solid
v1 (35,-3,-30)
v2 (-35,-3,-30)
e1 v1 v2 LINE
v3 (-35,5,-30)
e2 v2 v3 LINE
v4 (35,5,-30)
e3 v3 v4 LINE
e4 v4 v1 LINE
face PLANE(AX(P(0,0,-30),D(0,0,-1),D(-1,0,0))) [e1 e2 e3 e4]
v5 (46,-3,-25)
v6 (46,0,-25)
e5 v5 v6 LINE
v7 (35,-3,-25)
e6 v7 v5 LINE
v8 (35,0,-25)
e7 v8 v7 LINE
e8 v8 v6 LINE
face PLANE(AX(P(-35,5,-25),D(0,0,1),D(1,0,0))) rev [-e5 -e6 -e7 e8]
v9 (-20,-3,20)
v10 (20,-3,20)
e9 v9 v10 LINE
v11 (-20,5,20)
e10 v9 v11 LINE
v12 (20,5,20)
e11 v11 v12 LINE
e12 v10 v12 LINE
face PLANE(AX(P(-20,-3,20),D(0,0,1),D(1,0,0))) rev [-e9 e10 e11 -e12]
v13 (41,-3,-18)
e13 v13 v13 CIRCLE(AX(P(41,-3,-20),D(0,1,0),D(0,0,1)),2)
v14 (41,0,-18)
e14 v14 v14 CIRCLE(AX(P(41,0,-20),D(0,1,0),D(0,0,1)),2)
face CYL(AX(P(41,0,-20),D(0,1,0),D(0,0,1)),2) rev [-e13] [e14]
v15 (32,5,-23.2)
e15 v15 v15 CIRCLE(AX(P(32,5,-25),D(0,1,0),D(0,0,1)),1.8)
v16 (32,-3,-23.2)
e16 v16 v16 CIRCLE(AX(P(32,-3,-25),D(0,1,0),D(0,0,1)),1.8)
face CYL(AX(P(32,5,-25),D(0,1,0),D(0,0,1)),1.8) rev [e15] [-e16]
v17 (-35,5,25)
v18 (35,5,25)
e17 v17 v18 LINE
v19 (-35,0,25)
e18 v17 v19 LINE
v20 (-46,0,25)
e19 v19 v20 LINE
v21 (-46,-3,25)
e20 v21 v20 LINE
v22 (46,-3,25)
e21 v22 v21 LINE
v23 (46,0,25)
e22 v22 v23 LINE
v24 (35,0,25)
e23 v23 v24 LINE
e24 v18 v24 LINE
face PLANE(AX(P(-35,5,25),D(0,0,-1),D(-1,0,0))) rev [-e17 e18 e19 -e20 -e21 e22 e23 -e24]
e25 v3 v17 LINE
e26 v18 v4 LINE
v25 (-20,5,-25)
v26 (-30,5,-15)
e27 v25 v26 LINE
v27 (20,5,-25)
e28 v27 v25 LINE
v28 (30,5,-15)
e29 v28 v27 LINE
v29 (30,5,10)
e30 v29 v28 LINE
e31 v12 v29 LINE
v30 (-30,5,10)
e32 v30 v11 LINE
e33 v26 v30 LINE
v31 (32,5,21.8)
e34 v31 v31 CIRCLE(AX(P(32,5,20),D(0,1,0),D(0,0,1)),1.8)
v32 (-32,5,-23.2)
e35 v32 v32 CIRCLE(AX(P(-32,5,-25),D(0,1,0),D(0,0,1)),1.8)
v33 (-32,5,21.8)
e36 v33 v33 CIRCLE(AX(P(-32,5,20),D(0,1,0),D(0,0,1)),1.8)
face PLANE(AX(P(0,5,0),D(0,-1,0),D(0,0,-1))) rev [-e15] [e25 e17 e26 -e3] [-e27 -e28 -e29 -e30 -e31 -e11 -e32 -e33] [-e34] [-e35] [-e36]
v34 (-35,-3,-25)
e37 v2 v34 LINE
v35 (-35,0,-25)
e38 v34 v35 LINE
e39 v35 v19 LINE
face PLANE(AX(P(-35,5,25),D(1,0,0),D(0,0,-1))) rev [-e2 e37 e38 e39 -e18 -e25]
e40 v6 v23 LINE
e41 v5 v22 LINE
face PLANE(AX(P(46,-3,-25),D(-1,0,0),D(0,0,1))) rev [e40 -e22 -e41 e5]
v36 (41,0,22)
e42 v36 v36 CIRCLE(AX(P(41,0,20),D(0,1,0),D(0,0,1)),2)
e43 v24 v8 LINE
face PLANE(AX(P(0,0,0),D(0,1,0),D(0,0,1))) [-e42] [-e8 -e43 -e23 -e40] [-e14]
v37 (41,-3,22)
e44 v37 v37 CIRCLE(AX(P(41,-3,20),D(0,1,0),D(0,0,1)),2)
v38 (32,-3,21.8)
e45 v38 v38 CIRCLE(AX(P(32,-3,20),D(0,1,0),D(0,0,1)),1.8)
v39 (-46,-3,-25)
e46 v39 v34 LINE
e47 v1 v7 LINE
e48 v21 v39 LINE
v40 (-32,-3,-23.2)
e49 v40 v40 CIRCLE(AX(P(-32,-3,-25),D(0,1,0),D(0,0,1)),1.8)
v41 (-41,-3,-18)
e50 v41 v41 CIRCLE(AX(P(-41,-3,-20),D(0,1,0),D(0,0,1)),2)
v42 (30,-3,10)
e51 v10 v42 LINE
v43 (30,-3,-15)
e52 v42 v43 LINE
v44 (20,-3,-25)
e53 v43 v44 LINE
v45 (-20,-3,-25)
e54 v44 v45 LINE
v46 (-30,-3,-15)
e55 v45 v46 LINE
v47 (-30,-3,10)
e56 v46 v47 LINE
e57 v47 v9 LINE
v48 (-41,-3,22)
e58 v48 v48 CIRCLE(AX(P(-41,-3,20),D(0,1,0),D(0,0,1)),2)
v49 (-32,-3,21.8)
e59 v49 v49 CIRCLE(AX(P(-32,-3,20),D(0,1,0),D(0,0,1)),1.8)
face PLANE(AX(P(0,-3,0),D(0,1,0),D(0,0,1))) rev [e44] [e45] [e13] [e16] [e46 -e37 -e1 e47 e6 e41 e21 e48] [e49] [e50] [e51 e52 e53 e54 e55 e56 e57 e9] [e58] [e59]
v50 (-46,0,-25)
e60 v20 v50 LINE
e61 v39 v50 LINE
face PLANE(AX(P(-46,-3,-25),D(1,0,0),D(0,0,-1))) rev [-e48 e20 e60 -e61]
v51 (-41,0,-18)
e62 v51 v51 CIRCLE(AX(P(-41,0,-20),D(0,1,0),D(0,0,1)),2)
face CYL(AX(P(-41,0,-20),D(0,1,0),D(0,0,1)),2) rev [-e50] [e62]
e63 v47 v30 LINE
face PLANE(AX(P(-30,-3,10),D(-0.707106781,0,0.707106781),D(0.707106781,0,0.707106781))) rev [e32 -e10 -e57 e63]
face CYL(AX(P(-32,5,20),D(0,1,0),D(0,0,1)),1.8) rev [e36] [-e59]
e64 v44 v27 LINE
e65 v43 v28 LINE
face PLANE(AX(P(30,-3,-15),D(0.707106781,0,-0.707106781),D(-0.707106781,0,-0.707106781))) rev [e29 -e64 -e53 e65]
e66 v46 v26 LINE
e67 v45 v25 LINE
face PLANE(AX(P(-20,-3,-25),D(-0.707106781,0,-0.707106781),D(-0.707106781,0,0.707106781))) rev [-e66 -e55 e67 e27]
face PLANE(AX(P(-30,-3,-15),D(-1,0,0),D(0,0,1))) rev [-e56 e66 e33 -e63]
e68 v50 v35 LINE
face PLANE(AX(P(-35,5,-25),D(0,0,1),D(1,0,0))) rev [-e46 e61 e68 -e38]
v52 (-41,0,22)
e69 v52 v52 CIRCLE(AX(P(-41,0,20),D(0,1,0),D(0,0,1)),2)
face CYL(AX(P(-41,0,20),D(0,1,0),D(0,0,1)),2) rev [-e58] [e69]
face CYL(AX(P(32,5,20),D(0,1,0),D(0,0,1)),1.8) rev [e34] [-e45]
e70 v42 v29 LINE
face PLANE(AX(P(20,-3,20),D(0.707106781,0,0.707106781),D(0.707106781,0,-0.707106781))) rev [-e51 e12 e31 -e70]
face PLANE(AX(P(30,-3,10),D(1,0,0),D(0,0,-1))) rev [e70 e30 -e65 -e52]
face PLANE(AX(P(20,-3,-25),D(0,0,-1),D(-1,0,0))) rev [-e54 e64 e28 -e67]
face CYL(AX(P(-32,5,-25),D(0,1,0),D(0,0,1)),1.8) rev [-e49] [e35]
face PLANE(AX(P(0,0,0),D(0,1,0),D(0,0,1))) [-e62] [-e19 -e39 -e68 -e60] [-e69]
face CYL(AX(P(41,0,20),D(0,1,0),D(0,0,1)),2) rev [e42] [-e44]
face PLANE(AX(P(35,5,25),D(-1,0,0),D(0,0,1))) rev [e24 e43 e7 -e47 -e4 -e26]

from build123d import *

# Parameters (mm, degrees)
SKETCH1_W                = 70
SKETCH1_H                = 50
BOSS_EXTRUDE1_DEPTH      = 5
SKETCH2_W                = 92
SKETCH2_H                = 50
BOSS_EXTRUDE2_DEPTH      = 3
M3_CLEARANCE_HOLE1_D     = 4
M3_CLEARANCE_HOLE1_DEPTH = 10
M3_CLEARANCE_HOLE1_TIP   = 1.201721238
SKETCH9_W                = 70
SKETCH9_H                = 8
BOSS_EXTRUDE3_DEPTH      = 5
M3_CLEARANCE_HOLE3_D     = 3.6
M3_CLEARANCE_HOLE3_DEPTH = 10
M3_CLEARANCE_HOLE3_TIP   = 1.081549114
CUT_EXTRUDE1_DEPTH       = 56.497747702


with BuildPart() as part:
    # Sketch1 → Boss-Extrude1 (new body)
    with BuildSketch(Plane(origin=(0, 0, 0), x_dir=(1, 0, 0), z_dir=(0, 1, 0))):
        Rectangle(SKETCH1_W, SKETCH1_H)
    extrude(amount=BOSS_EXTRUDE1_DEPTH)

    # Sketch2 → Boss-Extrude2 (add)
    with BuildSketch(Plane.XZ):
        Rectangle(SKETCH2_W, SKETCH2_H)
    extrude(amount=BOSS_EXTRUDE2_DEPTH)

    # M3 Clearance Hole1
    with Locations(Plane(origin=(0, 0, 0), x_dir=(1, 0, 0), z_dir=(0, 1, 0))):
        with Locations((-41, 20), (-41, -20), (41, 20), (41, -20)):
            Hole(M3_CLEARANCE_HOLE1_D / 2, depth=M3_CLEARANCE_HOLE1_DEPTH)
            with Locations((0, 0, -(M3_CLEARANCE_HOLE1_DEPTH + M3_CLEARANCE_HOLE1_TIP / 2))):  # 118° drill point
                Cone(0, M3_CLEARANCE_HOLE1_D / 2, M3_CLEARANCE_HOLE1_TIP, mode=Mode.SUBTRACT)

    # Sketch9 → Boss-Extrude3 (add)
    with BuildSketch(Plane(origin=(0, 0, -25), x_dir=(-1, 0, 0), z_dir=(0, 0, -1))):
        with Locations((0, 1)):
            Rectangle(SKETCH9_W, SKETCH9_H)
    extrude(amount=BOSS_EXTRUDE3_DEPTH)

    # M3 Clearance Hole3
    with Locations(Plane(origin=(0, 5, 0), x_dir=(1, 0, 0), z_dir=(0, 1, 0))):
        with Locations((32, -20), (-32, 25), (32, 25), (-32, -20)):
            Hole(M3_CLEARANCE_HOLE3_D / 2, depth=M3_CLEARANCE_HOLE3_DEPTH)
            with Locations((0, 0, -(M3_CLEARANCE_HOLE3_DEPTH + M3_CLEARANCE_HOLE3_TIP / 2))):  # 118° drill point
                Cone(0, M3_CLEARANCE_HOLE3_D / 2, M3_CLEARANCE_HOLE3_TIP, mode=Mode.SUBTRACT)

    # Sketch12 → Cut-Extrude1 (cut, through all)
    with BuildSketch(Plane(origin=(0, 5, 0), x_dir=(1, 0, 0), z_dir=(0, 1, 0))):
        Polygon((20, -20), (30, -10), (30, 15), (20, 25), (-20, 25), (-30, 15), (-30, -10), (-20, -20), align=None)
    extrude(amount=-CUT_EXTRUDE1_DEPTH, mode=Mode.SUBTRACT)


solid = part.part
